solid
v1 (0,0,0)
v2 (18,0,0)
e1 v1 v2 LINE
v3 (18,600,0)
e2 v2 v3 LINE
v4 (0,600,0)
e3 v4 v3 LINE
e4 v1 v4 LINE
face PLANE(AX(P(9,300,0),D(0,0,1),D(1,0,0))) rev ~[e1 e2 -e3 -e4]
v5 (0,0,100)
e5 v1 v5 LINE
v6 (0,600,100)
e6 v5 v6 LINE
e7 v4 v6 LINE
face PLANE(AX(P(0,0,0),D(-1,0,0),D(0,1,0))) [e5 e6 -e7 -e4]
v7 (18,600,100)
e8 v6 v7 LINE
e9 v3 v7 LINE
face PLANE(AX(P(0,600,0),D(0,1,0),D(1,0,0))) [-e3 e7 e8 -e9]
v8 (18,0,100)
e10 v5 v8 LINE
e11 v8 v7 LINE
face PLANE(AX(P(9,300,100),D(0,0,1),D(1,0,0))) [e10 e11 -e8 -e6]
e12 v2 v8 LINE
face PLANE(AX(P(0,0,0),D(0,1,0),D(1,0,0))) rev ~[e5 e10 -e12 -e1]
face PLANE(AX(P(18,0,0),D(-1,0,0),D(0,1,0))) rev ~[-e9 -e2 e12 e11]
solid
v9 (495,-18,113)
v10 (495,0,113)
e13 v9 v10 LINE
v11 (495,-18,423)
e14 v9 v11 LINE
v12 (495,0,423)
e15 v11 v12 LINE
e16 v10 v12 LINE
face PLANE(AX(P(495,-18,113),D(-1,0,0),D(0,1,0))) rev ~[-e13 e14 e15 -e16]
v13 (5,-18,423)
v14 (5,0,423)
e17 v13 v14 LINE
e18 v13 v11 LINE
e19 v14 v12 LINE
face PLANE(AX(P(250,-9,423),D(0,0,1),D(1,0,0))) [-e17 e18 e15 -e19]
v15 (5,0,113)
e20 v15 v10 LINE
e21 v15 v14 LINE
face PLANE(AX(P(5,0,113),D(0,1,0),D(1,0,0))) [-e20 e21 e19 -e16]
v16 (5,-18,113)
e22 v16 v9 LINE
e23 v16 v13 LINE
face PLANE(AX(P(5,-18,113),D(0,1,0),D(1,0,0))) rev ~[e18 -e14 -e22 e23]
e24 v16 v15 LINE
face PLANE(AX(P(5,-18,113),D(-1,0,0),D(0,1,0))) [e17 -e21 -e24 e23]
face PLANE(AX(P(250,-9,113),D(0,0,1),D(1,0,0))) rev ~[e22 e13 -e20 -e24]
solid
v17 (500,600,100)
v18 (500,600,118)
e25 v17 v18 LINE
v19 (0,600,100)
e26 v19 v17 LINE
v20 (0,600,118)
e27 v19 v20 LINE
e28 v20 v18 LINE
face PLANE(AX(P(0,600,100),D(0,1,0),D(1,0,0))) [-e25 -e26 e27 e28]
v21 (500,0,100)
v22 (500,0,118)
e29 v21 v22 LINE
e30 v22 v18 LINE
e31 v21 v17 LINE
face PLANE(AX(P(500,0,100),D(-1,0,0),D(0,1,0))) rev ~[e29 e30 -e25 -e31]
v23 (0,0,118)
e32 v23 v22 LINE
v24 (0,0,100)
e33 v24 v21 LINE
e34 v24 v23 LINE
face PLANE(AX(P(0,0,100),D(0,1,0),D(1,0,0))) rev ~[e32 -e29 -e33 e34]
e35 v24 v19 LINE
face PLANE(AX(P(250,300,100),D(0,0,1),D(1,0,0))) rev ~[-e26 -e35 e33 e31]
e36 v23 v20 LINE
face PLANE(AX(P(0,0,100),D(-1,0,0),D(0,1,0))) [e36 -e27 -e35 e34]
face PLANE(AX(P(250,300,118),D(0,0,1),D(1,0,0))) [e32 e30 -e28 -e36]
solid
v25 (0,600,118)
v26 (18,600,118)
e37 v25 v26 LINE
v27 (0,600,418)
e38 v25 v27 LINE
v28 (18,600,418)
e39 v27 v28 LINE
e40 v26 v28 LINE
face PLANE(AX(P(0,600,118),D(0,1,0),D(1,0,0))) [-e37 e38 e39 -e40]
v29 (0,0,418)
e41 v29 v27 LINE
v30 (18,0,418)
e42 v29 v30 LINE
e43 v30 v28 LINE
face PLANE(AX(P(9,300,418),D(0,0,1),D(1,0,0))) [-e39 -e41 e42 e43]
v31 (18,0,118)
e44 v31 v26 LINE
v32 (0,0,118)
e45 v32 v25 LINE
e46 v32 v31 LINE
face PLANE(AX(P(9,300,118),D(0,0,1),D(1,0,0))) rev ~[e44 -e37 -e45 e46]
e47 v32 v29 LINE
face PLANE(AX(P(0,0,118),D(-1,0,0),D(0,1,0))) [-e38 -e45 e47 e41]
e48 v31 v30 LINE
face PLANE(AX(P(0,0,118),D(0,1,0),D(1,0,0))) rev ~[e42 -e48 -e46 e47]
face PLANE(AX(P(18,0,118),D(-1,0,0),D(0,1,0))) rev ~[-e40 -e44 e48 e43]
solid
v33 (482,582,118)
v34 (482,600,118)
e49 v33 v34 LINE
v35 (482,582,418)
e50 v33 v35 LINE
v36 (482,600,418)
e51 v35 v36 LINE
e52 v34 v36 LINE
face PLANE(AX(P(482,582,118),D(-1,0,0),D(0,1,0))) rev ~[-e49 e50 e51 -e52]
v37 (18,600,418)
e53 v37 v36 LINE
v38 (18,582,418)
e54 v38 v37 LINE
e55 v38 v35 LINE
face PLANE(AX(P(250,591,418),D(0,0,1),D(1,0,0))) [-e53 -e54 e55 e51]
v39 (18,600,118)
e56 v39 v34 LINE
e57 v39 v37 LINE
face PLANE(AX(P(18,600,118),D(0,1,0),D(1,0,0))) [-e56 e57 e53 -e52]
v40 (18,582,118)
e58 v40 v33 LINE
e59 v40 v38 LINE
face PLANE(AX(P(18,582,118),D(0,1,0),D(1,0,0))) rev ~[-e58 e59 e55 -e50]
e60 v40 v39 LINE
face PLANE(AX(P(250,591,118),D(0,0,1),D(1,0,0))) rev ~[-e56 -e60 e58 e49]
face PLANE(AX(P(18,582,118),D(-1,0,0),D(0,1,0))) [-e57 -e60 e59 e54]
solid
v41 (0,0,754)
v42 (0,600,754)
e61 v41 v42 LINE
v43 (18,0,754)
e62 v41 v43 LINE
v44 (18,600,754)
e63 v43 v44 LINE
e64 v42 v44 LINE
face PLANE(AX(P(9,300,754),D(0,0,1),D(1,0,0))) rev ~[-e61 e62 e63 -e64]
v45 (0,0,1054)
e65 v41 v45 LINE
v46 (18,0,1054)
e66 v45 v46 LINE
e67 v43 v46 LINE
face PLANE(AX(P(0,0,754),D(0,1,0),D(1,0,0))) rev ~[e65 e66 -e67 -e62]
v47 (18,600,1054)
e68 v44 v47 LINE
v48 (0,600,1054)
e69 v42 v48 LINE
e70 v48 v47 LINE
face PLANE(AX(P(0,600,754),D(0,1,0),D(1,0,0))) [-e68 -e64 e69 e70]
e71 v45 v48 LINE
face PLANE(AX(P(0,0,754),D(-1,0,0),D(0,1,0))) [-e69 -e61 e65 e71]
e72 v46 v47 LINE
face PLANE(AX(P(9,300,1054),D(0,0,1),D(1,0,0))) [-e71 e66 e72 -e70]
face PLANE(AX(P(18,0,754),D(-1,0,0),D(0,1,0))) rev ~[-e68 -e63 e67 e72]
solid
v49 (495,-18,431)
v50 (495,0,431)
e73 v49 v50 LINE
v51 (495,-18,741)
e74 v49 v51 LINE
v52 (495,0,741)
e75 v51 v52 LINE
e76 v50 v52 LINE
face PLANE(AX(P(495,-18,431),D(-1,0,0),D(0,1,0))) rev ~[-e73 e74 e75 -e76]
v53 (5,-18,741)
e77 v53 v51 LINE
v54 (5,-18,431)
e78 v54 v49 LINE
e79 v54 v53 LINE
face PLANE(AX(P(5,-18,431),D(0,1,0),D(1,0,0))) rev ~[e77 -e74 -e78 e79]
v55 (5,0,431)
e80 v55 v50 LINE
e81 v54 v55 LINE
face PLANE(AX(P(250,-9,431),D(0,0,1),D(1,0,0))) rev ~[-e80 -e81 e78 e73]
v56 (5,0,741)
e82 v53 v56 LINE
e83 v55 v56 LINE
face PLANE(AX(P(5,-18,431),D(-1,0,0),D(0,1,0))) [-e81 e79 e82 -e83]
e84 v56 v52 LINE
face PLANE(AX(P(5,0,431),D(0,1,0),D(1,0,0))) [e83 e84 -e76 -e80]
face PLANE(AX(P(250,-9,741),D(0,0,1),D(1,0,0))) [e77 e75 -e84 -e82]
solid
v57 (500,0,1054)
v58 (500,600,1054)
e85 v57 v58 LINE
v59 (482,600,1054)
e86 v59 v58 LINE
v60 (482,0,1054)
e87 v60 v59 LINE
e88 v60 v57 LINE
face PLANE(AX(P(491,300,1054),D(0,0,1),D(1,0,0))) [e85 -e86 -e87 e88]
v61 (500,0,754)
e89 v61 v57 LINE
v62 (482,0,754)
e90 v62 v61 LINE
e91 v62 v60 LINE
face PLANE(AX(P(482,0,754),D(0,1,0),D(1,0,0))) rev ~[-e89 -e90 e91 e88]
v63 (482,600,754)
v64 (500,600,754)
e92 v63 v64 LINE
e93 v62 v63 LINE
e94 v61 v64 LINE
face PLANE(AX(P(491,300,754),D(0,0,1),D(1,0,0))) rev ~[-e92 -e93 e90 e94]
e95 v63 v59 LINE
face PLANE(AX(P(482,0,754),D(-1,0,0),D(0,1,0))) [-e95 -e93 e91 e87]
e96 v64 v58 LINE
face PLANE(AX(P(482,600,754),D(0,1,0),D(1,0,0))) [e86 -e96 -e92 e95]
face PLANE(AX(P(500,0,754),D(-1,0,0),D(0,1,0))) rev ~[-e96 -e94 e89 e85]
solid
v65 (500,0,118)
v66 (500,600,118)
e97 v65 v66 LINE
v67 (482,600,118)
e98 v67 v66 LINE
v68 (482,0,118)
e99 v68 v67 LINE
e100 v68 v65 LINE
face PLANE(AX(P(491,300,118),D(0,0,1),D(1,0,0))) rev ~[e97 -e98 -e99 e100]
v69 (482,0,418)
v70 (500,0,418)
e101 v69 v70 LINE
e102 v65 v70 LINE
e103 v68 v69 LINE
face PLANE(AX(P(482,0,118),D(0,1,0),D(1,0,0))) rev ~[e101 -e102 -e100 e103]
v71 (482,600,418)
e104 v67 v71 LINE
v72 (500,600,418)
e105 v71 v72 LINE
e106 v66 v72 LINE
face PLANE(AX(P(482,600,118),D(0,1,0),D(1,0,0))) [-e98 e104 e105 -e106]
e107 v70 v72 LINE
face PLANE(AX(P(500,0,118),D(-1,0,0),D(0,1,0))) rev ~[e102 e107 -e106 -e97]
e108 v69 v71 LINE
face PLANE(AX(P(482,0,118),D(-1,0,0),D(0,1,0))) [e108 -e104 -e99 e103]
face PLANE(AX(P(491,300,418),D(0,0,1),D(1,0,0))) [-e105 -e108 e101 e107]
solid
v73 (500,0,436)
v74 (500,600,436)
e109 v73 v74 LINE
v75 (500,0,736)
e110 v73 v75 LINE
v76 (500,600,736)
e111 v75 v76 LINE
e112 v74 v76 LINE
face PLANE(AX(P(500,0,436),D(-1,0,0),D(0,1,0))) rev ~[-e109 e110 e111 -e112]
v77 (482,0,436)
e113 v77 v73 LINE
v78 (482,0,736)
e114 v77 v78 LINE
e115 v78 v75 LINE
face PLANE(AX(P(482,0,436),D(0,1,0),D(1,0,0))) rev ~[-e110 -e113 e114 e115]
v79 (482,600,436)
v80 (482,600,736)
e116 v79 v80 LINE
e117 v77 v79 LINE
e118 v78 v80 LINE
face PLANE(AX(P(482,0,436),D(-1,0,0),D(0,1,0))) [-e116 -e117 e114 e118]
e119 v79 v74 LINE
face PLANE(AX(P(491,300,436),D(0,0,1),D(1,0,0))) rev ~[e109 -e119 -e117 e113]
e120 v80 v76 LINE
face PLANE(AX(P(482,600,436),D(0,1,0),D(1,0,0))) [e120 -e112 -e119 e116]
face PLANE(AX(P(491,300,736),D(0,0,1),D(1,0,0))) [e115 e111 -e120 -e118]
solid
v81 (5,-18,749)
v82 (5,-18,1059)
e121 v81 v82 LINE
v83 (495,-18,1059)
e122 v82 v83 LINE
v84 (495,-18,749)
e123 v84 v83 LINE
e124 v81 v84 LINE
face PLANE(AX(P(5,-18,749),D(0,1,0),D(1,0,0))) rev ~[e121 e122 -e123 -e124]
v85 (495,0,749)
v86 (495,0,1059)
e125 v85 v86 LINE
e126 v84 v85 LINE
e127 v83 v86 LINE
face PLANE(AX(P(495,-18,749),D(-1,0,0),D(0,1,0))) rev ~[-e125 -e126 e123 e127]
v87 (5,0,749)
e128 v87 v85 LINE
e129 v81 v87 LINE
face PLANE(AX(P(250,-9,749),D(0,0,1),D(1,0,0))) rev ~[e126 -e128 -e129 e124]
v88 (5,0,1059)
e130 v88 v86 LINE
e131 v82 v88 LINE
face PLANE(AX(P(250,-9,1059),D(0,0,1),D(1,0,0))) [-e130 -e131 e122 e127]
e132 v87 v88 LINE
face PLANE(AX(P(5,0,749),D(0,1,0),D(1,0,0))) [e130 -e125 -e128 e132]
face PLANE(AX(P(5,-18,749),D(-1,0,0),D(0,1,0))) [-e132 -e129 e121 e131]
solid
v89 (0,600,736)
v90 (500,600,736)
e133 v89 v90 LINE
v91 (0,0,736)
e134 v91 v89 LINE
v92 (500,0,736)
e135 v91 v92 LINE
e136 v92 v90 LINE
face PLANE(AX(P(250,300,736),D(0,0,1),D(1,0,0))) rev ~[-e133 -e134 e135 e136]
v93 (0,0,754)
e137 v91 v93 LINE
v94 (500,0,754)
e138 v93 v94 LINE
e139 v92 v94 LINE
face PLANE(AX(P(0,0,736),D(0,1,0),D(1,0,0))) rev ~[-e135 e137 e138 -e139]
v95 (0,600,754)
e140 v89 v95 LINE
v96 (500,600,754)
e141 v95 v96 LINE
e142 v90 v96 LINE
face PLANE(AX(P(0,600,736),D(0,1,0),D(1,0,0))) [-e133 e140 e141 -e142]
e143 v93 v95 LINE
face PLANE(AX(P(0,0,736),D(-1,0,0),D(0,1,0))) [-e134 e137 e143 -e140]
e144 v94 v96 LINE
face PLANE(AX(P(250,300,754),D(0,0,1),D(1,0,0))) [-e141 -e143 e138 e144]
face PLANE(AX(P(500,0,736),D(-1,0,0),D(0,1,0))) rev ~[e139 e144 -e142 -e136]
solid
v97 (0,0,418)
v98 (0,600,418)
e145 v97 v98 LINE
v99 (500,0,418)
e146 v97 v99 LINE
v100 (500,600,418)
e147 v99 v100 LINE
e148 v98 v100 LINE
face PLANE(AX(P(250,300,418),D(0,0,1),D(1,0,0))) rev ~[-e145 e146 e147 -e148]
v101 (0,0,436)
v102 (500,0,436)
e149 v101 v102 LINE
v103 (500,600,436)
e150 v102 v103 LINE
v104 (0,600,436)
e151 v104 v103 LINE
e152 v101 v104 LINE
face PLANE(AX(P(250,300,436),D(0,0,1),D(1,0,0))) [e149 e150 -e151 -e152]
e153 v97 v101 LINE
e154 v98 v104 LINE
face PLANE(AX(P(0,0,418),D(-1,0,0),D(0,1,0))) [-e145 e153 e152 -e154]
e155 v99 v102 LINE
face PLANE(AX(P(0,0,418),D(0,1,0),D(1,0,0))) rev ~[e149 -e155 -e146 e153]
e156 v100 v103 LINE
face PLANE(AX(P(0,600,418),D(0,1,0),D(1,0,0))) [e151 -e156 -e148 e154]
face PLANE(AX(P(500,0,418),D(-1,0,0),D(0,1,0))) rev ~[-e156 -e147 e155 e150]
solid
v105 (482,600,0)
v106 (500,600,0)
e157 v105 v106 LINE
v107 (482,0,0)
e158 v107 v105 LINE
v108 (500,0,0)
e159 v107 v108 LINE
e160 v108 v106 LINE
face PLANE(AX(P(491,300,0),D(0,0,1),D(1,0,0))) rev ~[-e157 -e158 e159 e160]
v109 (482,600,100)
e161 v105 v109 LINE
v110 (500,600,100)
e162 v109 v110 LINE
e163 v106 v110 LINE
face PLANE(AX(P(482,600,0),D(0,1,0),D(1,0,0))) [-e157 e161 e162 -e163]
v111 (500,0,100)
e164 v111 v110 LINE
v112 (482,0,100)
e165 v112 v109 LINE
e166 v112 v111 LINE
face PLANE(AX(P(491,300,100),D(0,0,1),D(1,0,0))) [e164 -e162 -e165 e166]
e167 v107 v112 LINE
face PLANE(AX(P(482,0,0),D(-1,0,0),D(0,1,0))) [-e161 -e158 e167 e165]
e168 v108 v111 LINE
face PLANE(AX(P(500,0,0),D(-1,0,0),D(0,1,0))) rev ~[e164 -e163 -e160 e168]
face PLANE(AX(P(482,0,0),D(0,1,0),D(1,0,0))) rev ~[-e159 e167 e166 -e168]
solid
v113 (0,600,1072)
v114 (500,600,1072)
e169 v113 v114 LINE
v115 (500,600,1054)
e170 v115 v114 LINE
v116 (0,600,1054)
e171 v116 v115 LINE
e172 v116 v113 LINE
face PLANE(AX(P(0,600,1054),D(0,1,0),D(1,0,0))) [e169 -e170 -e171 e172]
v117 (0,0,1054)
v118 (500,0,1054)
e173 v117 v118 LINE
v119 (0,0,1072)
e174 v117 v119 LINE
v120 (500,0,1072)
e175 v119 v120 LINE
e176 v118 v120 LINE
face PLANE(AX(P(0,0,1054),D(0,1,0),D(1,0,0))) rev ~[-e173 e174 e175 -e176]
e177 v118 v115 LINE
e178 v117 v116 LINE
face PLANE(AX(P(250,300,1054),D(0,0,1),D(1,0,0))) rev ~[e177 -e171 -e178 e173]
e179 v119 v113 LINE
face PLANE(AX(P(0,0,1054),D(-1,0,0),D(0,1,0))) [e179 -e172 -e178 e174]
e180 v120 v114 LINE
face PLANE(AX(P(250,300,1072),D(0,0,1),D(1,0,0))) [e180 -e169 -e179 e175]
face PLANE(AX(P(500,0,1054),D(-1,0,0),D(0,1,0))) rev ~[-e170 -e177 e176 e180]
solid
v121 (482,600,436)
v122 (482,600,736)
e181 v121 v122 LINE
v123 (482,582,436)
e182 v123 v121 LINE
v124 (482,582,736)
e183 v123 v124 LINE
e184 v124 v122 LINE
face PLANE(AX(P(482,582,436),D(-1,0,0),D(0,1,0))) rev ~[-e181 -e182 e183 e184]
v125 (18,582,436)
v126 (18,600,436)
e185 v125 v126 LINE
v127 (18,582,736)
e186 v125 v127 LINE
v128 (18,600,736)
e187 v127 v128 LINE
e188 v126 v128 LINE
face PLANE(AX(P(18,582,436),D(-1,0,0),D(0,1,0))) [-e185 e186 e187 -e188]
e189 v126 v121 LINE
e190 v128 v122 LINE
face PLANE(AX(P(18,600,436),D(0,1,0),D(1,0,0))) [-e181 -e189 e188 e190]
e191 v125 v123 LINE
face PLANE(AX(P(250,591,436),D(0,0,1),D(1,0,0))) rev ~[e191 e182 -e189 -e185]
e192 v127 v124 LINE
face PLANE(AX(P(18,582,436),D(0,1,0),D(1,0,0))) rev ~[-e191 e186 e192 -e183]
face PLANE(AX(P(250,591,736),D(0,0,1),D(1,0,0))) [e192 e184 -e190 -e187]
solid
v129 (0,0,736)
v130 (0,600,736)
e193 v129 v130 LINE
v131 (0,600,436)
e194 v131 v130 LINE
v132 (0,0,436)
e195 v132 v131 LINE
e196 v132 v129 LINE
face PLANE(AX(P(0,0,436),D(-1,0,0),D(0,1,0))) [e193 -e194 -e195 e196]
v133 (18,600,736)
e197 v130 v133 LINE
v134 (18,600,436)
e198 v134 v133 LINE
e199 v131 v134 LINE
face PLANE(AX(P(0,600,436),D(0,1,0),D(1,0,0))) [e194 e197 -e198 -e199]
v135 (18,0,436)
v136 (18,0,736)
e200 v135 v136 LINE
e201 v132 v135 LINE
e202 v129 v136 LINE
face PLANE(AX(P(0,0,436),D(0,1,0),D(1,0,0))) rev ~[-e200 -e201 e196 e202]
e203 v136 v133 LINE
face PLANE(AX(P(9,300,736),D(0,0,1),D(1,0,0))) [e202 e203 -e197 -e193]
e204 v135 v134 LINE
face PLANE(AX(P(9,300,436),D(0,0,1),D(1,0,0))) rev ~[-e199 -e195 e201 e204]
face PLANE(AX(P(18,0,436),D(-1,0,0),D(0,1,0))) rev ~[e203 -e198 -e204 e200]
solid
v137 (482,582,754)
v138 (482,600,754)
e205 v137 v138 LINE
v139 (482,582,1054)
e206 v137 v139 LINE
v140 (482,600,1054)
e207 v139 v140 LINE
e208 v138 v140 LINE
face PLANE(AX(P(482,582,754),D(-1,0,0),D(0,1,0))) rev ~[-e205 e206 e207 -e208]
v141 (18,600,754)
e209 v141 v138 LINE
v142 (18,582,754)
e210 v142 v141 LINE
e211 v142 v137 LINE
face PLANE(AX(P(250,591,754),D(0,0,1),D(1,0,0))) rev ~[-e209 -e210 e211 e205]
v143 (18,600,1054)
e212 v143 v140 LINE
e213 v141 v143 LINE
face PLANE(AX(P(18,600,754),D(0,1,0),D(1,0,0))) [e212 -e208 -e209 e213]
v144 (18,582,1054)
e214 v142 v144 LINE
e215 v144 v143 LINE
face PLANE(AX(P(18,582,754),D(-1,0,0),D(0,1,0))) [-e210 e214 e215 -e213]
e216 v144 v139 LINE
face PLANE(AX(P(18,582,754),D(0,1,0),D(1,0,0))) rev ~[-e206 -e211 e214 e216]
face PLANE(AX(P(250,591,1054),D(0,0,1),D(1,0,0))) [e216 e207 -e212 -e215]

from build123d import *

# Parameters (mm, degrees)
BOX006_W     = 18
BOX006_H     = 600
BOX006_DEPTH = 100
BOX007_W     = 18
BOX007_H     = 600
BOX007_DEPTH = 300
BOX008_W     = 18
BOX008_H     = 600
BOX008_DEPTH = 300
BOX009_W     = 18
BOX009_H     = 600
BOX009_DEPTH = 300
BOX010_W     = 18
BOX010_H     = 600
BOX010_DEPTH = 100
BOX011_W     = 18
BOX011_H     = 600
BOX011_DEPTH = 300
BOX012_W     = 18
BOX012_H     = 600
BOX012_DEPTH = 300
BOX013_W     = 18
BOX013_H     = 600
BOX013_DEPTH = 300
BOX018_W     = 464
BOX018_H     = 18
BOX018_DEPTH = 300
BOX019_W     = 464
BOX019_H     = 18
BOX019_DEPTH = 300
BOX020_W     = 464
BOX020_H     = 18
BOX020_DEPTH = 300
BOX023_W     = 500
BOX023_H     = 600
BOX023_DEPTH = 18
BOX024_W     = 500
BOX024_H     = 600
BOX024_DEPTH = 18
BOX025_W     = 500
BOX025_H     = 600
BOX025_DEPTH = 18
BOX026_W     = 500
BOX026_H     = 600
BOX026_DEPTH = 18
BOX027_W     = 490
BOX027_H     = 18
BOX027_DEPTH = 310
BOX028_W     = 490
BOX028_H     = 18
BOX028_DEPTH = 310
BOX029_W     = 490
BOX029_H     = 18
BOX029_DEPTH = 310


with BuildPart() as foot_l:
    # Box006 → Box006 (new body)
    with BuildSketch(Plane.XY):
        with Locations((9, 300)):
            Rectangle(BOX006_W, BOX006_H)
    extrude(amount=BOX006_DEPTH)


with BuildPart() as side_l1:
    # Box007 → Box007 (new body)
    with BuildSketch(Plane.XY.offset(118)):
        with Locations((9, 300)):
            Rectangle(BOX007_W, BOX007_H)
    extrude(amount=BOX007_DEPTH)


with BuildPart() as side_l2:
    # Box008 → Box008 (new body)
    with BuildSketch(Plane.XY.offset(436)):
        with Locations((9, 300)):
            Rectangle(BOX008_W, BOX008_H)
    extrude(amount=BOX008_DEPTH)


with BuildPart() as side_l3:
    # Box009 → Box009 (new body)
    with BuildSketch(Plane.XY.offset(754)):
        with Locations((9, 300)):
            Rectangle(BOX009_W, BOX009_H)
    extrude(amount=BOX009_DEPTH)


with BuildPart() as foot_r:
    # Box010 → Box010 (new body)
    with BuildSketch(Plane(origin=(482, 0, 0), x_dir=(1, 0, 0), z_dir=(0, 0, 1))):
        with Locations((9, 300)):
            Rectangle(BOX010_W, BOX010_H)
    extrude(amount=BOX010_DEPTH)


with BuildPart() as side_r1:
    # Box011 → Box011 (new body)
    with BuildSketch(Plane(origin=(482, 0, 118), x_dir=(1, 0, 0), z_dir=(0, 0, 1))):
        with Locations((9, 300)):
            Rectangle(BOX011_W, BOX011_H)
    extrude(amount=BOX011_DEPTH)


with BuildPart() as side_r2:
    # Box012 → Box012 (new body)
    with BuildSketch(Plane(origin=(482, 0, 436), x_dir=(1, 0, 0), z_dir=(0, 0, 1))):
        with Locations((9, 300)):
            Rectangle(BOX012_W, BOX012_H)
    extrude(amount=BOX012_DEPTH)


with BuildPart() as side_r3:
    # Box013 → Box013 (new body)
    with BuildSketch(Plane(origin=(482, 0, 754), x_dir=(1, 0, 0), z_dir=(0, 0, 1))):
        with Locations((9, 300)):
            Rectangle(BOX013_W, BOX013_H)
    extrude(amount=BOX013_DEPTH)


with BuildPart() as box018:
    # Box018 → Box018 (new body)
    with BuildSketch(Plane(origin=(18, 582, 118), x_dir=(1, 0, 0), z_dir=(0, 0, 1))):
        with Locations((232, 9)):
            Rectangle(BOX018_W, BOX018_H)
    extrude(amount=BOX018_DEPTH)


with BuildPart() as box019:
    # Box019 → Box019 (new body)
    with BuildSketch(Plane(origin=(18, 582, 436), x_dir=(1, 0, 0), z_dir=(0, 0, 1))):
        with Locations((232, 9)):
            Rectangle(BOX019_W, BOX019_H)
    extrude(amount=BOX019_DEPTH)


with BuildPart() as box020:
    # Box020 → Box020 (new body)
    with BuildSketch(Plane(origin=(18, 582, 754), x_dir=(1, 0, 0), z_dir=(0, 0, 1))):
        with Locations((232, 9)):
            Rectangle(BOX020_W, BOX020_H)
    extrude(amount=BOX020_DEPTH)


with BuildPart() as box023:
    # Box023 → Box023 (new body)
    with BuildSketch(Plane.XY.offset(100)):
        with Locations((250, 300)):
            Rectangle(BOX023_W, BOX023_H)
    extrude(amount=BOX023_DEPTH)


with BuildPart() as box024:
    # Box024 → Box024 (new body)
    with BuildSketch(Plane.XY.offset(418)):
        with Locations((250, 300)):
            Rectangle(BOX024_W, BOX024_H)
    extrude(amount=BOX024_DEPTH)


with BuildPart() as box025:
    # Box025 → Box025 (new body)
    with BuildSketch(Plane.XY.offset(736)):
        with Locations((250, 300)):
            Rectangle(BOX025_W, BOX025_H)
    extrude(amount=BOX025_DEPTH)


with BuildPart() as box026:
    # Box026 → Box026 (new body)
    with BuildSketch(Plane.XY.offset(1054)):
        with Locations((250, 300)):
            Rectangle(BOX026_W, BOX026_H)
    extrude(amount=BOX026_DEPTH)


with BuildPart() as box027:
    # Box027 → Box027 (new body)
    with BuildSketch(Plane(origin=(5, -18, 113), x_dir=(1, 0, 0), z_dir=(0, 0, 1))):
        with Locations((245, 9)):
            Rectangle(BOX027_W, BOX027_H)
    extrude(amount=BOX027_DEPTH)


with BuildPart() as box028:
    # Box028 → Box028 (new body)
    with BuildSketch(Plane(origin=(5, -18, 431), x_dir=(1, 0, 0), z_dir=(0, 0, 1))):
        with Locations((245, 9)):
            Rectangle(BOX028_W, BOX028_H)
    extrude(amount=BOX028_DEPTH)


with BuildPart() as box029:
    # Box029 → Box029 (new body)
    with BuildSketch(Plane(origin=(5, -18, 749), x_dir=(1, 0, 0), z_dir=(0, 0, 1))):
        with Locations((245, 9)):
            Rectangle(BOX029_W, BOX029_H)
    extrude(amount=BOX029_DEPTH)


solid = Compound([foot_l.part, side_l1.part, side_l2.part, side_l3.part, foot_r.part, side_r1.part, side_r2.part, side_r3.part, box018.part, box019.part, box020.part, box023.part, box024.part, box025.part, box026.part, box027.part, box028.part, box029.part])
